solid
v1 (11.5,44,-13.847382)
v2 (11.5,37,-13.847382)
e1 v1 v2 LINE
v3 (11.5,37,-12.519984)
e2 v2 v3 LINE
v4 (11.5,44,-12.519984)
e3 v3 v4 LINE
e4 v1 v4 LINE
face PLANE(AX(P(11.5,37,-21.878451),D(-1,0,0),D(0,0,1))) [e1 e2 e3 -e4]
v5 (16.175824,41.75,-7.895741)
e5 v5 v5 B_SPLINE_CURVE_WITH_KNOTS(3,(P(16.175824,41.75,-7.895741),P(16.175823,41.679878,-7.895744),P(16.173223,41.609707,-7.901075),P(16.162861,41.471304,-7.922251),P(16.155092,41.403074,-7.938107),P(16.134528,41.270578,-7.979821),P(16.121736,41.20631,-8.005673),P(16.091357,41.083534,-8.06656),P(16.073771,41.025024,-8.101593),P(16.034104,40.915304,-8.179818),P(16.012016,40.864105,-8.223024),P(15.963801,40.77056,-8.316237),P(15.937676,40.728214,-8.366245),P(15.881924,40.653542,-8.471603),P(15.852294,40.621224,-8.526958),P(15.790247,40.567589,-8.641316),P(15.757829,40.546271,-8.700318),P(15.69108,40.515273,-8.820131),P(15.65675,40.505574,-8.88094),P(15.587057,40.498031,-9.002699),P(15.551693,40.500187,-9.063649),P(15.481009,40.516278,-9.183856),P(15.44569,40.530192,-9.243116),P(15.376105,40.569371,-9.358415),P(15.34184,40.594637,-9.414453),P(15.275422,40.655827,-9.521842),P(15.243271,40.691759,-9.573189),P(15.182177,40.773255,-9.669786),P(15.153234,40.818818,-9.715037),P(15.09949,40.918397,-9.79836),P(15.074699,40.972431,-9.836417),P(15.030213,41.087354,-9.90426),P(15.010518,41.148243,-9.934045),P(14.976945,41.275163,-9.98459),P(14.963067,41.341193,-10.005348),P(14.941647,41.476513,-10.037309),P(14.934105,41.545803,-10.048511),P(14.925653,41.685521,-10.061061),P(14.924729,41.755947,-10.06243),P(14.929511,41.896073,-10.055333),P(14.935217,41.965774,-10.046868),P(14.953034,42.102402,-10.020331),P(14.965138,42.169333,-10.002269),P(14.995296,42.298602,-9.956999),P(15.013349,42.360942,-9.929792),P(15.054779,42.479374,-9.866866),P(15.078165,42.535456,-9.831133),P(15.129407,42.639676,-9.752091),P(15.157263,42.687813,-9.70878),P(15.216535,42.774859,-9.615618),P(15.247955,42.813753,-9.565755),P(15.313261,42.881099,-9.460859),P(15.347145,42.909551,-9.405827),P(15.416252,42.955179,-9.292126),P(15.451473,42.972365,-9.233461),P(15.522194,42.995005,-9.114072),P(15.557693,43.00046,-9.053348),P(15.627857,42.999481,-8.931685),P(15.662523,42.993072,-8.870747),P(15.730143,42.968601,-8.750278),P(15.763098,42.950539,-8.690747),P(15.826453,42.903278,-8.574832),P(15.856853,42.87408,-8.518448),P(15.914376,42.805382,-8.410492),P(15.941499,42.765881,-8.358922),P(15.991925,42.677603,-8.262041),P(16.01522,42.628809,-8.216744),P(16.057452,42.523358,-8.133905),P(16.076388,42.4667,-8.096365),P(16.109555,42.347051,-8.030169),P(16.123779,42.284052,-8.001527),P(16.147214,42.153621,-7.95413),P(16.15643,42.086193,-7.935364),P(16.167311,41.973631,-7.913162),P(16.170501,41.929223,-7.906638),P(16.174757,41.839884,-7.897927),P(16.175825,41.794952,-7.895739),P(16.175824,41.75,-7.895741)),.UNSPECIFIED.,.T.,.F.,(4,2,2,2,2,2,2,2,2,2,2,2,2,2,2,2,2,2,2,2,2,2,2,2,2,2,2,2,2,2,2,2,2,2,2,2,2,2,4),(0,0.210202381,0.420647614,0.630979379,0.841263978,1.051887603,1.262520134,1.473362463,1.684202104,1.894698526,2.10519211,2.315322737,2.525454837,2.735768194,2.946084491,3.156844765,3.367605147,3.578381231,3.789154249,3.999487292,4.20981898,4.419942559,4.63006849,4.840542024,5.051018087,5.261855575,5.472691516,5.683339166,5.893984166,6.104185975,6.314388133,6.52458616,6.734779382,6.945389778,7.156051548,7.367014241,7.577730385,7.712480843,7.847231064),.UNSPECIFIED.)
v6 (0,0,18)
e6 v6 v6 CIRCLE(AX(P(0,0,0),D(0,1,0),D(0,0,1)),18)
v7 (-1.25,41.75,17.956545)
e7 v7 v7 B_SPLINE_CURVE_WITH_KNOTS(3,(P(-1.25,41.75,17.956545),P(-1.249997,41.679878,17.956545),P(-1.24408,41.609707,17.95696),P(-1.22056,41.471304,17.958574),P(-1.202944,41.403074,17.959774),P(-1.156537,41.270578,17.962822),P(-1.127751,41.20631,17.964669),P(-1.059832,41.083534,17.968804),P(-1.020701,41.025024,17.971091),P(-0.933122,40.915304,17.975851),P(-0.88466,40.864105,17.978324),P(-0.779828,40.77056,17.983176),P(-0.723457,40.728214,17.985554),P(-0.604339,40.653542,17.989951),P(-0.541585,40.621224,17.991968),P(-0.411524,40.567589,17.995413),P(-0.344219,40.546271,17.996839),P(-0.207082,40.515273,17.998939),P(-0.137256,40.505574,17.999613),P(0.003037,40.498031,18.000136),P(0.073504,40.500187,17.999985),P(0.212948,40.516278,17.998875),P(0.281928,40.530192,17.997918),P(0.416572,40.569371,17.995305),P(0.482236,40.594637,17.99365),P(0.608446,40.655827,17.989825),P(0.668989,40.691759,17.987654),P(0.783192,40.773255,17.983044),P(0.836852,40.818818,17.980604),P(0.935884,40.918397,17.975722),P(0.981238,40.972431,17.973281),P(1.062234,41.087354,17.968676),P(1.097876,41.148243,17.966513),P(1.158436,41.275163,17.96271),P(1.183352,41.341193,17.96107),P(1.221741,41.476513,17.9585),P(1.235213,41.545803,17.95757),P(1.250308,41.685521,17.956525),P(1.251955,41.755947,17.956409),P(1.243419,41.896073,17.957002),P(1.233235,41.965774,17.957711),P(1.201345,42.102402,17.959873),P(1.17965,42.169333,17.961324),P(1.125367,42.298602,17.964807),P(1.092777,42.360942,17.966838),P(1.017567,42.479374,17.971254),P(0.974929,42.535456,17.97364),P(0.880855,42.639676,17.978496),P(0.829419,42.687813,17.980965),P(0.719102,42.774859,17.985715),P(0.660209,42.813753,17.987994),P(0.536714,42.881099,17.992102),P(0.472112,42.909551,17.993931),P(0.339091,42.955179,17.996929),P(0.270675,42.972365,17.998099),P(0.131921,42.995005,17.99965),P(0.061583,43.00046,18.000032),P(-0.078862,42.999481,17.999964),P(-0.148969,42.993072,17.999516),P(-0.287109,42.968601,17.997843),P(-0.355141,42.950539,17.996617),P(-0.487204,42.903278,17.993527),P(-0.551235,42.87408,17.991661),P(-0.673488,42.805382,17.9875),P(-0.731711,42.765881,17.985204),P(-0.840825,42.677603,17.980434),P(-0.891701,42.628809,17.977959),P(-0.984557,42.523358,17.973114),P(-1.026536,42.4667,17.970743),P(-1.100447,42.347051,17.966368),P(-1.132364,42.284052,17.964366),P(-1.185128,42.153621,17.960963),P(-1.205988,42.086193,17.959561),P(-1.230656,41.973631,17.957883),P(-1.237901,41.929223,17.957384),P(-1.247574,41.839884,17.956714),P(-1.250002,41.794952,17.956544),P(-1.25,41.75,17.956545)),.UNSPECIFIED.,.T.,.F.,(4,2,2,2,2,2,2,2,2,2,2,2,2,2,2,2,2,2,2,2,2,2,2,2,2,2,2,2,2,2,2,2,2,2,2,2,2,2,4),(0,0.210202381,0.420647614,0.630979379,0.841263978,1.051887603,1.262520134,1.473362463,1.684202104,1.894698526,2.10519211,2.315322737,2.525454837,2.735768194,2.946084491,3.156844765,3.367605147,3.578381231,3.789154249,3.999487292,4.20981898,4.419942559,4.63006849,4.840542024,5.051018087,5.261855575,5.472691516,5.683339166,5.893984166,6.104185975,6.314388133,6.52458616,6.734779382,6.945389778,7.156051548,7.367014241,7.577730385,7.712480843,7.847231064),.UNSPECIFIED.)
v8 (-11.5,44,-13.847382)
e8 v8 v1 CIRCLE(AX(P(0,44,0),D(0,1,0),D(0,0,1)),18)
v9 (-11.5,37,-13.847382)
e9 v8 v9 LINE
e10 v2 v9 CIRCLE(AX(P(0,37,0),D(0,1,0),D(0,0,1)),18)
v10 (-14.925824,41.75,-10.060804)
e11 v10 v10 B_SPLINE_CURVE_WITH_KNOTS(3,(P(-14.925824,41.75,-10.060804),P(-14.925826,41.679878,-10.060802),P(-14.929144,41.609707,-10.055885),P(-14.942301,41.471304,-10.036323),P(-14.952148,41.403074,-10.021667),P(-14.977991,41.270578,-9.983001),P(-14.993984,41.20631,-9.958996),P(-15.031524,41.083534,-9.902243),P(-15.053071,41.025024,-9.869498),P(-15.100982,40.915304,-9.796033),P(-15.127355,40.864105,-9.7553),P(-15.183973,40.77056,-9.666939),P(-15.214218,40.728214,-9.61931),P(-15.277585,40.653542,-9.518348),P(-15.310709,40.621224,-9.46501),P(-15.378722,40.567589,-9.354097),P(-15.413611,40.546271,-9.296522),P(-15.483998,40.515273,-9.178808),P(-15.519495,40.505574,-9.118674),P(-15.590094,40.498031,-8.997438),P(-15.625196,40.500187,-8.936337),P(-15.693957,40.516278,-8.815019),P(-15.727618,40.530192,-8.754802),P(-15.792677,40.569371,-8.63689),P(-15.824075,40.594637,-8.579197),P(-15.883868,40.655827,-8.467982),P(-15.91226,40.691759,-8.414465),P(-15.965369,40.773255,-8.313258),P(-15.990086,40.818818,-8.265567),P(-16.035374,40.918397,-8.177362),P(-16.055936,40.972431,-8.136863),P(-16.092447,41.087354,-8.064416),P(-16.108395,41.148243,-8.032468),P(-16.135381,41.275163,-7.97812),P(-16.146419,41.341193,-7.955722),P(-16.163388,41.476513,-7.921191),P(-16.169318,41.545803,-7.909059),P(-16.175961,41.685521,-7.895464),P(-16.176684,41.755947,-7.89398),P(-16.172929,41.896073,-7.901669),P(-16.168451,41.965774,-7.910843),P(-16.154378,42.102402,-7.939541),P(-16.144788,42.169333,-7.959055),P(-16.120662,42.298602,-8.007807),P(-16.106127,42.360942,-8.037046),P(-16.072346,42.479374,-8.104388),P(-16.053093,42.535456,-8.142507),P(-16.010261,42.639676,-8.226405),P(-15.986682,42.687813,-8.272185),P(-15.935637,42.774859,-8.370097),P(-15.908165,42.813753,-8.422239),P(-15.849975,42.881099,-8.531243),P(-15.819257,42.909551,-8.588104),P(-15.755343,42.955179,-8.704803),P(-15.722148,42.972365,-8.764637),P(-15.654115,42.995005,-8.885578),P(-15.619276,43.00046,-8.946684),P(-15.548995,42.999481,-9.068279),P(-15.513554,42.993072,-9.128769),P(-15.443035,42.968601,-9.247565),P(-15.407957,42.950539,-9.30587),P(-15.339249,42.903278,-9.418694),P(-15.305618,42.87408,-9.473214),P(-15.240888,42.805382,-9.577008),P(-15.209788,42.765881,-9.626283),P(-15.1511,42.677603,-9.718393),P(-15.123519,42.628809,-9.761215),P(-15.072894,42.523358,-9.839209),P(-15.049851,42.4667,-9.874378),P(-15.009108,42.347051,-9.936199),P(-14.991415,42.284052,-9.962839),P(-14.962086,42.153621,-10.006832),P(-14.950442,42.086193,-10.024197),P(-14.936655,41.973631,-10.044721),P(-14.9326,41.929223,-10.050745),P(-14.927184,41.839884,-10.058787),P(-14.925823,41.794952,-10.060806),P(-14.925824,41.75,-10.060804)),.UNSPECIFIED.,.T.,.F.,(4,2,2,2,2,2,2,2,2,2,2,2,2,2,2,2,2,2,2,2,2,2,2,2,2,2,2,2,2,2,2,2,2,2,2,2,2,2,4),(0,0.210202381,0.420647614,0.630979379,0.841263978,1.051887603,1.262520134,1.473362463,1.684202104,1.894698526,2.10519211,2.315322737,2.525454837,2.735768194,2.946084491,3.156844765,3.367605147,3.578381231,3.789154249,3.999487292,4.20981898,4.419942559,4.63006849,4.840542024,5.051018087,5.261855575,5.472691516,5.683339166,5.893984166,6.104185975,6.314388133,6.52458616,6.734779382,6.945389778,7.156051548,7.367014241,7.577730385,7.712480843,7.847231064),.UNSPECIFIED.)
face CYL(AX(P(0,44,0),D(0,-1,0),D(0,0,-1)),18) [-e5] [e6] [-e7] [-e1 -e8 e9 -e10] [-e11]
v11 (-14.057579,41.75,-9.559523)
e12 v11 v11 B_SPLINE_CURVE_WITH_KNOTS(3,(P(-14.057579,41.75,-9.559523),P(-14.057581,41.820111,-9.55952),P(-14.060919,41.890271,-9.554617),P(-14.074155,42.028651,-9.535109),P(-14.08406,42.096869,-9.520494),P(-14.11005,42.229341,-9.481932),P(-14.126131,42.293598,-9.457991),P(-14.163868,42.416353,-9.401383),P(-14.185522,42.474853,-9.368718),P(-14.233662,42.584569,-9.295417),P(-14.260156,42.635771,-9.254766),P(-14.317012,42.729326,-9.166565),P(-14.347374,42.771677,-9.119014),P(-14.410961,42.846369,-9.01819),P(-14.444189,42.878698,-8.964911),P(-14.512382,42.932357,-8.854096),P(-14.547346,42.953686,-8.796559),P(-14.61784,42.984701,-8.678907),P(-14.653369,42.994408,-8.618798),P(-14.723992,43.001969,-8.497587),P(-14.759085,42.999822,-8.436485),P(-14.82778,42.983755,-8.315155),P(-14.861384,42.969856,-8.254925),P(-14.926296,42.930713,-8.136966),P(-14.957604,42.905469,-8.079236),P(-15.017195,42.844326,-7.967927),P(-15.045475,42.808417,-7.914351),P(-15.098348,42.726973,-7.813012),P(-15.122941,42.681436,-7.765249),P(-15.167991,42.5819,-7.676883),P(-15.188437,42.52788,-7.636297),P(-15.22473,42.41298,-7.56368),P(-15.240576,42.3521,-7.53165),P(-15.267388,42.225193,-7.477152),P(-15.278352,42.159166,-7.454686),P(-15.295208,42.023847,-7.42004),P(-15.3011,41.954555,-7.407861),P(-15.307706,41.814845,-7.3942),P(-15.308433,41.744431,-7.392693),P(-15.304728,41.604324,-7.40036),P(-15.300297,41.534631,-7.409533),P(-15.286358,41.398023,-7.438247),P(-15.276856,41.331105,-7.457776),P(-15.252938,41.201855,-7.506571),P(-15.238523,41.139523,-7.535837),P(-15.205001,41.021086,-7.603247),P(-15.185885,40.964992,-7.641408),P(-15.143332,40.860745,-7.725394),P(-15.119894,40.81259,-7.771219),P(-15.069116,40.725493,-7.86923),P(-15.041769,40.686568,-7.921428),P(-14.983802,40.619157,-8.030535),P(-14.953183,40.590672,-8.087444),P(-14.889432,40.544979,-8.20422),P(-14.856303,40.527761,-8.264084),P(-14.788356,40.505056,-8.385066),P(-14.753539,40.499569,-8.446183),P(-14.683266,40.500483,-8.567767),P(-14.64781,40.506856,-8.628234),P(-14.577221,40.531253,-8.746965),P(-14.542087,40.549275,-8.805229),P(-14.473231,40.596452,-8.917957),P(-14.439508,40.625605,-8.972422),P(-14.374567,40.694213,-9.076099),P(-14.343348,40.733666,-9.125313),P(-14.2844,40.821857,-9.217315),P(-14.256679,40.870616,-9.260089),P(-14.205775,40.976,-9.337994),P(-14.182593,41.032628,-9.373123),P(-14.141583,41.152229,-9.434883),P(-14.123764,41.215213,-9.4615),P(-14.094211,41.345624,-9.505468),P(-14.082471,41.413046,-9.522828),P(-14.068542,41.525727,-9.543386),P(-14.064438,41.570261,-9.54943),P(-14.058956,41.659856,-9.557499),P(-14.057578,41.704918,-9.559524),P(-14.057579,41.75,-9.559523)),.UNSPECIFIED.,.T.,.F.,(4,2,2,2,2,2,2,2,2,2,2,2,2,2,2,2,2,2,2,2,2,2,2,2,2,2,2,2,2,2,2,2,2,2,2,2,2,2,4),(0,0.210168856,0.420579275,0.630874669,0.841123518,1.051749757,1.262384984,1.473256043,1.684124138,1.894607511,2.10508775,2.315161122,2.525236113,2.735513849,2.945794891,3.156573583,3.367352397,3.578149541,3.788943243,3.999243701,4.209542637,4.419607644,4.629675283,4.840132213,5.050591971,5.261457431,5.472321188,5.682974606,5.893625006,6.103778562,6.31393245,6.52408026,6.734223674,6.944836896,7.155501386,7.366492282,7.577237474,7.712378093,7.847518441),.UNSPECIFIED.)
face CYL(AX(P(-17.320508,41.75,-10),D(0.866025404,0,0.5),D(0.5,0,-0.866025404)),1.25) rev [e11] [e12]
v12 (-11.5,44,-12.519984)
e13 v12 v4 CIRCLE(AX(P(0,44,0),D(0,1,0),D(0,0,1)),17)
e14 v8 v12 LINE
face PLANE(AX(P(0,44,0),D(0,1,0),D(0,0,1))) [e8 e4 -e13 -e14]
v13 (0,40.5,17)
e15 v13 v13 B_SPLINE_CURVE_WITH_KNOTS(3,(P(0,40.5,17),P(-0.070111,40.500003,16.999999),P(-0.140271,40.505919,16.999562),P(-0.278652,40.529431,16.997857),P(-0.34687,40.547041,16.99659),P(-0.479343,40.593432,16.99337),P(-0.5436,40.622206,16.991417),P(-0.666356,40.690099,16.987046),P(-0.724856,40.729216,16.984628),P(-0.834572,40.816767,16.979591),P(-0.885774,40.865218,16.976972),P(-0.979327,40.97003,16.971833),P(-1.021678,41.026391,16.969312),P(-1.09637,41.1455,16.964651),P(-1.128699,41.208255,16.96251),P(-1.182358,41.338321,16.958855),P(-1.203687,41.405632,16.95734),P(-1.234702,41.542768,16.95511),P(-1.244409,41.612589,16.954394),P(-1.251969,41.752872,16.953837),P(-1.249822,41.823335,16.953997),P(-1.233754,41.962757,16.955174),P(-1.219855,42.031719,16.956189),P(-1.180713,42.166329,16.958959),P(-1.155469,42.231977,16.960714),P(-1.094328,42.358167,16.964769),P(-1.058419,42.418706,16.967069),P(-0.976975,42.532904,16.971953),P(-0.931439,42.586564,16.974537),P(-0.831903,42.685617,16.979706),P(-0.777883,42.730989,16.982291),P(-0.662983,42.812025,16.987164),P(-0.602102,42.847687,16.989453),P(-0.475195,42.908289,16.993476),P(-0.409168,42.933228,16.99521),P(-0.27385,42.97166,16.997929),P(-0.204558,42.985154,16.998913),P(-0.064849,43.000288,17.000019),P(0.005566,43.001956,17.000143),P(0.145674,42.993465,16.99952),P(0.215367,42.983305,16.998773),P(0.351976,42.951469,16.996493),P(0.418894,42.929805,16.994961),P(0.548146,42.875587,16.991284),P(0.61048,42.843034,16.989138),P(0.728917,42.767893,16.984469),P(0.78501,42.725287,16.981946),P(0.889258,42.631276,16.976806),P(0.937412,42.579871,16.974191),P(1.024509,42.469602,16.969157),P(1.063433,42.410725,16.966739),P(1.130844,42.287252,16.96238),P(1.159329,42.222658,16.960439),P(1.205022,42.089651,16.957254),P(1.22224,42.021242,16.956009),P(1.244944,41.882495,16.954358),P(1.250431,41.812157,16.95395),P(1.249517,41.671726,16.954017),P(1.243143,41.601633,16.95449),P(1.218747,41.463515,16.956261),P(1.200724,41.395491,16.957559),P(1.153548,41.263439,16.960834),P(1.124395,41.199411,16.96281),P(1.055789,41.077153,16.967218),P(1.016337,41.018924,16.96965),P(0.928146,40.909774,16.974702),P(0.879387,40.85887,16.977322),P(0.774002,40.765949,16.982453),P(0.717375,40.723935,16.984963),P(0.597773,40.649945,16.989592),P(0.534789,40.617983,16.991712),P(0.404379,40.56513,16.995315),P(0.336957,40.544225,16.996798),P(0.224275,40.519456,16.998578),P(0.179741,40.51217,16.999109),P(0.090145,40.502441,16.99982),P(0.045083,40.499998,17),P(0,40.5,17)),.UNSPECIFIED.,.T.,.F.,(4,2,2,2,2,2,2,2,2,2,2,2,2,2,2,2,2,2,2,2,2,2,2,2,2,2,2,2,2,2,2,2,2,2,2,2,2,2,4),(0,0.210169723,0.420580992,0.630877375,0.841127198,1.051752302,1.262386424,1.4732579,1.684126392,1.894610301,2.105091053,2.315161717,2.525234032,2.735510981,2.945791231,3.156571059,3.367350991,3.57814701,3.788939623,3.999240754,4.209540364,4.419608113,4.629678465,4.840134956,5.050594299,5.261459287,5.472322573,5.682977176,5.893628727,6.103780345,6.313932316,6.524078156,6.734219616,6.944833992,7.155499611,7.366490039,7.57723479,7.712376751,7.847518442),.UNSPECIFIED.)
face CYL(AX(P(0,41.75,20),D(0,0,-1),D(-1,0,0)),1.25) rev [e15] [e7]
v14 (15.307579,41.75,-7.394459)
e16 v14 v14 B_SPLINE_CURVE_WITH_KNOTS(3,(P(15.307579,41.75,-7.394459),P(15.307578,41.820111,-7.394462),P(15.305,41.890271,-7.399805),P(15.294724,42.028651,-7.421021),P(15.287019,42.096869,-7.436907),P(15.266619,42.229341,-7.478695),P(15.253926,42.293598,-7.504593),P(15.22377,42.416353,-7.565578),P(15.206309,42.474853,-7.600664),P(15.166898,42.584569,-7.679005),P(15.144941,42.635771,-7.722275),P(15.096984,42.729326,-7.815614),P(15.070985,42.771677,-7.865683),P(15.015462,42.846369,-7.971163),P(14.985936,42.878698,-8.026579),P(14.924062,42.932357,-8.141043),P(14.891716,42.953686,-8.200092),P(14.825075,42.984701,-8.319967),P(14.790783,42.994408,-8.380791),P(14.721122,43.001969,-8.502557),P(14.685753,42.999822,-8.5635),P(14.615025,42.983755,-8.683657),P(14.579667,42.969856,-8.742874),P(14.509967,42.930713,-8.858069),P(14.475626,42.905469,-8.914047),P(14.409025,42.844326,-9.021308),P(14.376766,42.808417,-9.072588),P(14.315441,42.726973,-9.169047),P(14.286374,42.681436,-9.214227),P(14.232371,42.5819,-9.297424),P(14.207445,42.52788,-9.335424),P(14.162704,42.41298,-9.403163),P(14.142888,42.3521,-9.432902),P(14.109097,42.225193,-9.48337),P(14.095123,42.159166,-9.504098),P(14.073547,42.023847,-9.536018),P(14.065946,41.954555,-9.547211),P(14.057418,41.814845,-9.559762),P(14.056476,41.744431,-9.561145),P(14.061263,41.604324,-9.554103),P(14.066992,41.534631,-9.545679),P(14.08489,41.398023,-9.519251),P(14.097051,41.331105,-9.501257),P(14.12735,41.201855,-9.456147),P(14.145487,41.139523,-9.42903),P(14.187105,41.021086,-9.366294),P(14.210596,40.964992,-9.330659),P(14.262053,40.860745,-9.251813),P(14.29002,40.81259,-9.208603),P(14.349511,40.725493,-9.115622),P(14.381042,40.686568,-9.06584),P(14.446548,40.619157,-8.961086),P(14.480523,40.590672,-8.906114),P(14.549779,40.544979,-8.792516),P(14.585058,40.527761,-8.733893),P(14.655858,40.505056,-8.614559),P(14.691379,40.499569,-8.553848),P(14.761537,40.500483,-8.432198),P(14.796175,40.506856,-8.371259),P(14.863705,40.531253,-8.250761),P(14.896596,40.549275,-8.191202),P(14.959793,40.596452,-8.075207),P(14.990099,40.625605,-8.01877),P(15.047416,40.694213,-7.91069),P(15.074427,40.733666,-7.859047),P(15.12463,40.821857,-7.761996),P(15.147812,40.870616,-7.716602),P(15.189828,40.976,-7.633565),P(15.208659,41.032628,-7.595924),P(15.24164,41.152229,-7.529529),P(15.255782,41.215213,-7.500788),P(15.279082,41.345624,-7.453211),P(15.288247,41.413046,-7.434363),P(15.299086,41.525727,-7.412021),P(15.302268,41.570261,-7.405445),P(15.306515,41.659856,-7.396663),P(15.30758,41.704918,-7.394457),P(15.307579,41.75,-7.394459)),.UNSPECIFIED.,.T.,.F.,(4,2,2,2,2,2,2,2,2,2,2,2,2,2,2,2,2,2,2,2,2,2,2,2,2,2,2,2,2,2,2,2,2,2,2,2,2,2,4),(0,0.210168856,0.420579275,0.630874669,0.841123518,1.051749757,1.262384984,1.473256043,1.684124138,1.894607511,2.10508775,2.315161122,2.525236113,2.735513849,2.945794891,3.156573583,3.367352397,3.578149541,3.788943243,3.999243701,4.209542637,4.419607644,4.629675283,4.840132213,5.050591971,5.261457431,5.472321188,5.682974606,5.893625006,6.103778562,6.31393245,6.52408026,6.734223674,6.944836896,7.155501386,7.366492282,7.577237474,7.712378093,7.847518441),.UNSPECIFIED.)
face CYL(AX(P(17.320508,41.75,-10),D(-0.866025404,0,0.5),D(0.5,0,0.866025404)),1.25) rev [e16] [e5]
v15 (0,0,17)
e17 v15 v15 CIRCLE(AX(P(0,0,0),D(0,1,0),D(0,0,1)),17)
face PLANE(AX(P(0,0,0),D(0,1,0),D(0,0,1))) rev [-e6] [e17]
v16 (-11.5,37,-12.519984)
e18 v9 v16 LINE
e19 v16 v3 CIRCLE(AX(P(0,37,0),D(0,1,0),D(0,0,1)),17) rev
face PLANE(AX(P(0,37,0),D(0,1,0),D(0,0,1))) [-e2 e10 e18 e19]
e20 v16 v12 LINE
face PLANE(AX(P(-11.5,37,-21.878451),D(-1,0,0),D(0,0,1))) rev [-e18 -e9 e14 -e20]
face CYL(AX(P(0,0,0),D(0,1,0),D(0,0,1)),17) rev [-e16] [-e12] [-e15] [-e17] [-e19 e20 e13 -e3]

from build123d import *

# Parameters (mm, degrees)
SKETCH1_R           = 18
BOSS_EXTRUDE1_DEPTH = 44
SKETCH3_R           = 17
CUT_EXTRUDE2_DEPTH  = 51.833060109
SKETCH11_W          = 23
SKETCH11_H          = 15.641557415
CUT_EXTRUDE4_DEPTH  = 7
SKETCH13_R          = 1.25
CUT_EXTRUDE5_DEPTH  = 20
CIRPATTERN1_COUNT   = 3


with BuildPart() as part:
    # Sketch1 → Boss-Extrude1 (new body)
    with BuildSketch(Plane(origin=(0, 0, 0), x_dir=(1, 0, 0), z_dir=(0, 1, 0))):
        with Locations(Location((0, 0, 0), (0, 0, 270))):
            Circle(SKETCH1_R)
    extrude(amount=BOSS_EXTRUDE1_DEPTH)

    # Sketch3 → Cut-Extrude2 (cut, through all)
    with BuildSketch(Plane(origin=(0, 44, 0), x_dir=(1, 0, 0), z_dir=(0, 1, 0))):
        with Locations(Location((0, 0, 0), (0, 0, 270))):
            Circle(SKETCH3_R)
    extrude(amount=-CUT_EXTRUDE2_DEPTH, mode=Mode.SUBTRACT)

    # Sketch11 → Cut-Extrude4 (cut)
    with BuildSketch(Plane(origin=(0, 44, 0), x_dir=(1, 0, 0), z_dir=(0, 1, 0))):
        with Locations((0, 14.057671998)):
            Rectangle(SKETCH11_W, SKETCH11_H)
    extrude(amount=-CUT_EXTRUDE4_DEPTH, mode=Mode.SUBTRACT)

    # Sketch13 → Cut-Extrude5 (cut)
    with BuildSketch(Plane.XY):
        with Locations(Location((0, 41.75, 0), (0, 0, 180))):
            Circle(SKETCH13_R)
    cut_extrude5 = extrude(amount=CUT_EXTRUDE5_DEPTH, mode=Mode.SUBTRACT)

    # CirPattern1: Cut-Extrude5 ×3 about axis
    cirpattern1_axis = Axis((0, 0, 0), (0, 1, 0))
    for i in range(1, CIRPATTERN1_COUNT):
        add(cut_extrude5.rotate(cirpattern1_axis, i * 360 / CIRPATTERN1_COUNT), mode=Mode.SUBTRACT)


solid = part.part
